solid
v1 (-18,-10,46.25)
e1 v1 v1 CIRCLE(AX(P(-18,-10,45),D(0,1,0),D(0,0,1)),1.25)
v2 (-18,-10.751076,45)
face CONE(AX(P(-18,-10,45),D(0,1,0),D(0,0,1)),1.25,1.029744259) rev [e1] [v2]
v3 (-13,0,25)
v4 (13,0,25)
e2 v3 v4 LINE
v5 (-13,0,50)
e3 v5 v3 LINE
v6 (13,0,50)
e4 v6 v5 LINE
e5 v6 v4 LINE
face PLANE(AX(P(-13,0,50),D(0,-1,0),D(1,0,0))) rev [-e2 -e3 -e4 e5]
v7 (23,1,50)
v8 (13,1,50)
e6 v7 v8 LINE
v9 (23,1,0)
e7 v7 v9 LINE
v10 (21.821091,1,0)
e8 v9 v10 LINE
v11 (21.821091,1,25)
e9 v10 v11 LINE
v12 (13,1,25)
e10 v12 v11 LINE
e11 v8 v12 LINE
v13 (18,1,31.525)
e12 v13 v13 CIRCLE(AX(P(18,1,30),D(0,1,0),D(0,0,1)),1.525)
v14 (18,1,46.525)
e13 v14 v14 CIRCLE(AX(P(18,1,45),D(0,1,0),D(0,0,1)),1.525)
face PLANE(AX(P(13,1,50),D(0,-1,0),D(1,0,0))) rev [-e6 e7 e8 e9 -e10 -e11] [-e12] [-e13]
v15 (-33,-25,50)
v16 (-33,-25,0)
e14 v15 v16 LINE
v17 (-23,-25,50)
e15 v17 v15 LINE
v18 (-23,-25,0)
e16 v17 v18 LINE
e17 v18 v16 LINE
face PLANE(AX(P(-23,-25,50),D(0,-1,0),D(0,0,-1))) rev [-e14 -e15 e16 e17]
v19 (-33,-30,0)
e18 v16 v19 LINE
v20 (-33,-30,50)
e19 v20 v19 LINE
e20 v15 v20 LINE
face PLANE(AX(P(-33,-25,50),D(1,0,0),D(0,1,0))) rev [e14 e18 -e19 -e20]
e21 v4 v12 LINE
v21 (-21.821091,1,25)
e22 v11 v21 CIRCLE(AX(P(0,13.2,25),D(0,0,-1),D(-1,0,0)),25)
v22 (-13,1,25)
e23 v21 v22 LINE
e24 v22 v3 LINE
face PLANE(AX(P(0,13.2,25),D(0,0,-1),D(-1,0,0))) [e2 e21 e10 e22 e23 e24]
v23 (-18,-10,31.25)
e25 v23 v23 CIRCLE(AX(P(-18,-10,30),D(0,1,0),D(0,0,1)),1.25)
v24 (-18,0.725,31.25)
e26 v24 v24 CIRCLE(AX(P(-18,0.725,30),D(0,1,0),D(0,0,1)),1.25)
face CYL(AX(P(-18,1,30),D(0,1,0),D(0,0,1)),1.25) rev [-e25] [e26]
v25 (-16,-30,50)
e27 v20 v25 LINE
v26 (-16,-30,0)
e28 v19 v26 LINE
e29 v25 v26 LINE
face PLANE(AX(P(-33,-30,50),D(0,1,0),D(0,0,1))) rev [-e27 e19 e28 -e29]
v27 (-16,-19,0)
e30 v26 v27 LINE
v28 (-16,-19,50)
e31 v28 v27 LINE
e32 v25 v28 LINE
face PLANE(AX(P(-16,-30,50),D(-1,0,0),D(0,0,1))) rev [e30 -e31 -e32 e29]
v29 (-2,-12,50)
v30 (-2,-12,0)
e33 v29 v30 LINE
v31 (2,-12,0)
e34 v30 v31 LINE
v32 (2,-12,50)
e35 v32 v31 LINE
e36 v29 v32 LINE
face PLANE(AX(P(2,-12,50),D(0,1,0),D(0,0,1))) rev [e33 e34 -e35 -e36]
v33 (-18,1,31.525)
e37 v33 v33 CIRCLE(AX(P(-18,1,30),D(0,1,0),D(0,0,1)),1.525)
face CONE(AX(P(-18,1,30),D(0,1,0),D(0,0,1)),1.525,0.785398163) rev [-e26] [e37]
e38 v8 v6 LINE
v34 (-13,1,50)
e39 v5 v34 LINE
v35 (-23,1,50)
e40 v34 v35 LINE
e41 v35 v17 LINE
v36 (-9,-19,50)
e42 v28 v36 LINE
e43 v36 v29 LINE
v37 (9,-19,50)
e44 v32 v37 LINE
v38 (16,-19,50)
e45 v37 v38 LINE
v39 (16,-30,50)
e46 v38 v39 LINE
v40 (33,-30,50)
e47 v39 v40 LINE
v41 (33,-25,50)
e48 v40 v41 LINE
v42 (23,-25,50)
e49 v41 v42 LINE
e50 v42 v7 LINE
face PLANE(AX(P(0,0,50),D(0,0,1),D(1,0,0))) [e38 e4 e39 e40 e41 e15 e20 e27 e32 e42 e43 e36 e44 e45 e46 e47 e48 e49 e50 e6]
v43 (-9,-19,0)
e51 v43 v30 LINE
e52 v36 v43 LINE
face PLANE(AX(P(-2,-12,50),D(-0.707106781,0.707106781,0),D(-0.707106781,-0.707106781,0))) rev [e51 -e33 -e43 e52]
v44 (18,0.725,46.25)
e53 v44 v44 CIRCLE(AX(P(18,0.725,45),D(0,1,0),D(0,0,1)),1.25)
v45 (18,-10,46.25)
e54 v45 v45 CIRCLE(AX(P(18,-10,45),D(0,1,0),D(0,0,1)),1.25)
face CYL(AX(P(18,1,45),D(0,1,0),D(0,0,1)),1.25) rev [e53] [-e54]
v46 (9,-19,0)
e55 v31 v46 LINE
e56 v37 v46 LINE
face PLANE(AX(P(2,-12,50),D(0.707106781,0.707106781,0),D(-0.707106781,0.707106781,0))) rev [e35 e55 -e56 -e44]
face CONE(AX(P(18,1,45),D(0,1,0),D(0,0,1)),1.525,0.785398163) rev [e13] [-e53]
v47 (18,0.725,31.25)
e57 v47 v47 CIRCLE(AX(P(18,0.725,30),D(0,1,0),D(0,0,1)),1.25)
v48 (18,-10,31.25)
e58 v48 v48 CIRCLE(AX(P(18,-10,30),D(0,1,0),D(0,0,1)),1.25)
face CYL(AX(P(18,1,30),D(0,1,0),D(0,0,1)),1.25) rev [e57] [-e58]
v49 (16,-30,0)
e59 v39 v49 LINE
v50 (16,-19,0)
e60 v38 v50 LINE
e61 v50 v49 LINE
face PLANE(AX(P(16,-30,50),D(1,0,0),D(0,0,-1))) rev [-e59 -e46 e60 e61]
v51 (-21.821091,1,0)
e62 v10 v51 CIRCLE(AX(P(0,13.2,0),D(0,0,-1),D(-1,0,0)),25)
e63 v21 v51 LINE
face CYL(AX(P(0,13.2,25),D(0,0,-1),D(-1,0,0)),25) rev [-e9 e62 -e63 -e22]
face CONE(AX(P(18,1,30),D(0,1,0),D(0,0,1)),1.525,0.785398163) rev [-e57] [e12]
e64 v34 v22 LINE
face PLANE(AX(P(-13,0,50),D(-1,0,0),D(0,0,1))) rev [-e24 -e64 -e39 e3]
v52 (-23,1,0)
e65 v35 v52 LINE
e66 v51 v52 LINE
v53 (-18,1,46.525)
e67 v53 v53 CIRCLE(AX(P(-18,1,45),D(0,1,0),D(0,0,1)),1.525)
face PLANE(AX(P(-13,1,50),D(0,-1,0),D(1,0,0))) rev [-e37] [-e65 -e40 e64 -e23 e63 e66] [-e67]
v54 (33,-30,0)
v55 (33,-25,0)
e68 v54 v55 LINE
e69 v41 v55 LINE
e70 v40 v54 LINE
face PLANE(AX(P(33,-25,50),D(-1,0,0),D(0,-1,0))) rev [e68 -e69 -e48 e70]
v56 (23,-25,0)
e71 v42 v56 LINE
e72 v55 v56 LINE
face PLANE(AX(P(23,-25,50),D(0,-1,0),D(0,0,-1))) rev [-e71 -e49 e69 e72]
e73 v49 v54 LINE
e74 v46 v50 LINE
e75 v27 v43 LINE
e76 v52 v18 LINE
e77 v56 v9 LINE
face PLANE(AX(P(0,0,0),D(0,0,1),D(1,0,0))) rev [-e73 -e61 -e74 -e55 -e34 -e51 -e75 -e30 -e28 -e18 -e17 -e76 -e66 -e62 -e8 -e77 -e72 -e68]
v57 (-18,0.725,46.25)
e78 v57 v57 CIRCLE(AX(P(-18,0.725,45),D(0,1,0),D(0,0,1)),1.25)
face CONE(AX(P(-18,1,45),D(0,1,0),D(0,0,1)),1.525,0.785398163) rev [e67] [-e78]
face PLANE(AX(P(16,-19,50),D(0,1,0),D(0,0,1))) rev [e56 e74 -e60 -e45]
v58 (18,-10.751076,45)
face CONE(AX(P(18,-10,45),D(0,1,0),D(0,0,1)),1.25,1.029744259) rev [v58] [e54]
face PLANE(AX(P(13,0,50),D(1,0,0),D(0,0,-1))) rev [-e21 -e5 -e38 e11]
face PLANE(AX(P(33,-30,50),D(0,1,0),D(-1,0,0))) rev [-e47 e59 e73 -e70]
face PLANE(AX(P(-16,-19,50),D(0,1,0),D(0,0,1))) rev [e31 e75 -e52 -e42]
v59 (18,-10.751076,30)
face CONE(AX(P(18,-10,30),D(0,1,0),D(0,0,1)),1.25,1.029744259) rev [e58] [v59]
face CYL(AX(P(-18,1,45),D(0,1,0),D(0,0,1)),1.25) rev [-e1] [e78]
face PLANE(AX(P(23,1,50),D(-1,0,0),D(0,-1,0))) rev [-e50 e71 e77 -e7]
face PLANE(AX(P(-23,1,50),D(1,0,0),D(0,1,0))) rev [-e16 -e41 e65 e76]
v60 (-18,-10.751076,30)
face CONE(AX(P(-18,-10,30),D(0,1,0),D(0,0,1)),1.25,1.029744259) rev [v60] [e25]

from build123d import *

# Parameters (mm, degrees)
BOSS_EXTRUDE1_DEPTH             = 50
SKETCH2_R                       = 25
CUT_EXTRUDE1_DEPTH              = 25
M3X0_5_TAPPED_HOLE1_D           = 2.5
M3X0_5_TAPPED_HOLE1_DEPTH       = 11
M3X0_5_TAPPED_HOLE1_CSINK_D     = 3.05
M3X0_5_TAPPED_HOLE1_CSINK_ANGLE = 90
M3X0_5_TAPPED_HOLE1_TIP         = 0.751075774


with BuildPart() as part:
    # Sketch1 → Boss-Extrude1 (new body)
    with BuildSketch(Plane.XY):
        Polygon((-13, 0), (13, 0), (13, 1), (23, 1), (23, -25), (33, -25), (33, -30), (16, -30), (16, -19), (9, -19), (2, -12), (-2, -12), (-9, -19), (-16, -19), (-16, -30), (-33, -30), (-33, -25), (-23, -25), (-23, 1), (-13, 1), align=None)
    extrude(amount=BOSS_EXTRUDE1_DEPTH)

    # Sketch2 → Cut-Extrude1 (cut)
    with BuildSketch(Plane(origin=(0, 0, 0), x_dir=(-1, 0, 0), z_dir=(0, 0, -1))):
        with Locations((0, 13.2)):
            Circle(SKETCH2_R)
    extrude(amount=-CUT_EXTRUDE1_DEPTH, mode=Mode.SUBTRACT)

    # M3x0.5 Tapped Hole1
    with Locations(Plane(origin=(0, 1, 0), x_dir=(1, 0, 0), z_dir=(0, 1, 0))):
        with Locations((-18, -30), (-18, -45), (18, -30), (18, -45)):
            CounterSinkHole(M3X0_5_TAPPED_HOLE1_D / 2, M3X0_5_TAPPED_HOLE1_CSINK_D / 2, depth=M3X0_5_TAPPED_HOLE1_DEPTH, counter_sink_angle=M3X0_5_TAPPED_HOLE1_CSINK_ANGLE)
            with Locations((0, 0, -(M3X0_5_TAPPED_HOLE1_DEPTH + M3X0_5_TAPPED_HOLE1_TIP / 2))):  # 118° drill point
                Cone(0, M3X0_5_TAPPED_HOLE1_D / 2, M3X0_5_TAPPED_HOLE1_TIP, mode=Mode.SUBTRACT)


solid = part.part
